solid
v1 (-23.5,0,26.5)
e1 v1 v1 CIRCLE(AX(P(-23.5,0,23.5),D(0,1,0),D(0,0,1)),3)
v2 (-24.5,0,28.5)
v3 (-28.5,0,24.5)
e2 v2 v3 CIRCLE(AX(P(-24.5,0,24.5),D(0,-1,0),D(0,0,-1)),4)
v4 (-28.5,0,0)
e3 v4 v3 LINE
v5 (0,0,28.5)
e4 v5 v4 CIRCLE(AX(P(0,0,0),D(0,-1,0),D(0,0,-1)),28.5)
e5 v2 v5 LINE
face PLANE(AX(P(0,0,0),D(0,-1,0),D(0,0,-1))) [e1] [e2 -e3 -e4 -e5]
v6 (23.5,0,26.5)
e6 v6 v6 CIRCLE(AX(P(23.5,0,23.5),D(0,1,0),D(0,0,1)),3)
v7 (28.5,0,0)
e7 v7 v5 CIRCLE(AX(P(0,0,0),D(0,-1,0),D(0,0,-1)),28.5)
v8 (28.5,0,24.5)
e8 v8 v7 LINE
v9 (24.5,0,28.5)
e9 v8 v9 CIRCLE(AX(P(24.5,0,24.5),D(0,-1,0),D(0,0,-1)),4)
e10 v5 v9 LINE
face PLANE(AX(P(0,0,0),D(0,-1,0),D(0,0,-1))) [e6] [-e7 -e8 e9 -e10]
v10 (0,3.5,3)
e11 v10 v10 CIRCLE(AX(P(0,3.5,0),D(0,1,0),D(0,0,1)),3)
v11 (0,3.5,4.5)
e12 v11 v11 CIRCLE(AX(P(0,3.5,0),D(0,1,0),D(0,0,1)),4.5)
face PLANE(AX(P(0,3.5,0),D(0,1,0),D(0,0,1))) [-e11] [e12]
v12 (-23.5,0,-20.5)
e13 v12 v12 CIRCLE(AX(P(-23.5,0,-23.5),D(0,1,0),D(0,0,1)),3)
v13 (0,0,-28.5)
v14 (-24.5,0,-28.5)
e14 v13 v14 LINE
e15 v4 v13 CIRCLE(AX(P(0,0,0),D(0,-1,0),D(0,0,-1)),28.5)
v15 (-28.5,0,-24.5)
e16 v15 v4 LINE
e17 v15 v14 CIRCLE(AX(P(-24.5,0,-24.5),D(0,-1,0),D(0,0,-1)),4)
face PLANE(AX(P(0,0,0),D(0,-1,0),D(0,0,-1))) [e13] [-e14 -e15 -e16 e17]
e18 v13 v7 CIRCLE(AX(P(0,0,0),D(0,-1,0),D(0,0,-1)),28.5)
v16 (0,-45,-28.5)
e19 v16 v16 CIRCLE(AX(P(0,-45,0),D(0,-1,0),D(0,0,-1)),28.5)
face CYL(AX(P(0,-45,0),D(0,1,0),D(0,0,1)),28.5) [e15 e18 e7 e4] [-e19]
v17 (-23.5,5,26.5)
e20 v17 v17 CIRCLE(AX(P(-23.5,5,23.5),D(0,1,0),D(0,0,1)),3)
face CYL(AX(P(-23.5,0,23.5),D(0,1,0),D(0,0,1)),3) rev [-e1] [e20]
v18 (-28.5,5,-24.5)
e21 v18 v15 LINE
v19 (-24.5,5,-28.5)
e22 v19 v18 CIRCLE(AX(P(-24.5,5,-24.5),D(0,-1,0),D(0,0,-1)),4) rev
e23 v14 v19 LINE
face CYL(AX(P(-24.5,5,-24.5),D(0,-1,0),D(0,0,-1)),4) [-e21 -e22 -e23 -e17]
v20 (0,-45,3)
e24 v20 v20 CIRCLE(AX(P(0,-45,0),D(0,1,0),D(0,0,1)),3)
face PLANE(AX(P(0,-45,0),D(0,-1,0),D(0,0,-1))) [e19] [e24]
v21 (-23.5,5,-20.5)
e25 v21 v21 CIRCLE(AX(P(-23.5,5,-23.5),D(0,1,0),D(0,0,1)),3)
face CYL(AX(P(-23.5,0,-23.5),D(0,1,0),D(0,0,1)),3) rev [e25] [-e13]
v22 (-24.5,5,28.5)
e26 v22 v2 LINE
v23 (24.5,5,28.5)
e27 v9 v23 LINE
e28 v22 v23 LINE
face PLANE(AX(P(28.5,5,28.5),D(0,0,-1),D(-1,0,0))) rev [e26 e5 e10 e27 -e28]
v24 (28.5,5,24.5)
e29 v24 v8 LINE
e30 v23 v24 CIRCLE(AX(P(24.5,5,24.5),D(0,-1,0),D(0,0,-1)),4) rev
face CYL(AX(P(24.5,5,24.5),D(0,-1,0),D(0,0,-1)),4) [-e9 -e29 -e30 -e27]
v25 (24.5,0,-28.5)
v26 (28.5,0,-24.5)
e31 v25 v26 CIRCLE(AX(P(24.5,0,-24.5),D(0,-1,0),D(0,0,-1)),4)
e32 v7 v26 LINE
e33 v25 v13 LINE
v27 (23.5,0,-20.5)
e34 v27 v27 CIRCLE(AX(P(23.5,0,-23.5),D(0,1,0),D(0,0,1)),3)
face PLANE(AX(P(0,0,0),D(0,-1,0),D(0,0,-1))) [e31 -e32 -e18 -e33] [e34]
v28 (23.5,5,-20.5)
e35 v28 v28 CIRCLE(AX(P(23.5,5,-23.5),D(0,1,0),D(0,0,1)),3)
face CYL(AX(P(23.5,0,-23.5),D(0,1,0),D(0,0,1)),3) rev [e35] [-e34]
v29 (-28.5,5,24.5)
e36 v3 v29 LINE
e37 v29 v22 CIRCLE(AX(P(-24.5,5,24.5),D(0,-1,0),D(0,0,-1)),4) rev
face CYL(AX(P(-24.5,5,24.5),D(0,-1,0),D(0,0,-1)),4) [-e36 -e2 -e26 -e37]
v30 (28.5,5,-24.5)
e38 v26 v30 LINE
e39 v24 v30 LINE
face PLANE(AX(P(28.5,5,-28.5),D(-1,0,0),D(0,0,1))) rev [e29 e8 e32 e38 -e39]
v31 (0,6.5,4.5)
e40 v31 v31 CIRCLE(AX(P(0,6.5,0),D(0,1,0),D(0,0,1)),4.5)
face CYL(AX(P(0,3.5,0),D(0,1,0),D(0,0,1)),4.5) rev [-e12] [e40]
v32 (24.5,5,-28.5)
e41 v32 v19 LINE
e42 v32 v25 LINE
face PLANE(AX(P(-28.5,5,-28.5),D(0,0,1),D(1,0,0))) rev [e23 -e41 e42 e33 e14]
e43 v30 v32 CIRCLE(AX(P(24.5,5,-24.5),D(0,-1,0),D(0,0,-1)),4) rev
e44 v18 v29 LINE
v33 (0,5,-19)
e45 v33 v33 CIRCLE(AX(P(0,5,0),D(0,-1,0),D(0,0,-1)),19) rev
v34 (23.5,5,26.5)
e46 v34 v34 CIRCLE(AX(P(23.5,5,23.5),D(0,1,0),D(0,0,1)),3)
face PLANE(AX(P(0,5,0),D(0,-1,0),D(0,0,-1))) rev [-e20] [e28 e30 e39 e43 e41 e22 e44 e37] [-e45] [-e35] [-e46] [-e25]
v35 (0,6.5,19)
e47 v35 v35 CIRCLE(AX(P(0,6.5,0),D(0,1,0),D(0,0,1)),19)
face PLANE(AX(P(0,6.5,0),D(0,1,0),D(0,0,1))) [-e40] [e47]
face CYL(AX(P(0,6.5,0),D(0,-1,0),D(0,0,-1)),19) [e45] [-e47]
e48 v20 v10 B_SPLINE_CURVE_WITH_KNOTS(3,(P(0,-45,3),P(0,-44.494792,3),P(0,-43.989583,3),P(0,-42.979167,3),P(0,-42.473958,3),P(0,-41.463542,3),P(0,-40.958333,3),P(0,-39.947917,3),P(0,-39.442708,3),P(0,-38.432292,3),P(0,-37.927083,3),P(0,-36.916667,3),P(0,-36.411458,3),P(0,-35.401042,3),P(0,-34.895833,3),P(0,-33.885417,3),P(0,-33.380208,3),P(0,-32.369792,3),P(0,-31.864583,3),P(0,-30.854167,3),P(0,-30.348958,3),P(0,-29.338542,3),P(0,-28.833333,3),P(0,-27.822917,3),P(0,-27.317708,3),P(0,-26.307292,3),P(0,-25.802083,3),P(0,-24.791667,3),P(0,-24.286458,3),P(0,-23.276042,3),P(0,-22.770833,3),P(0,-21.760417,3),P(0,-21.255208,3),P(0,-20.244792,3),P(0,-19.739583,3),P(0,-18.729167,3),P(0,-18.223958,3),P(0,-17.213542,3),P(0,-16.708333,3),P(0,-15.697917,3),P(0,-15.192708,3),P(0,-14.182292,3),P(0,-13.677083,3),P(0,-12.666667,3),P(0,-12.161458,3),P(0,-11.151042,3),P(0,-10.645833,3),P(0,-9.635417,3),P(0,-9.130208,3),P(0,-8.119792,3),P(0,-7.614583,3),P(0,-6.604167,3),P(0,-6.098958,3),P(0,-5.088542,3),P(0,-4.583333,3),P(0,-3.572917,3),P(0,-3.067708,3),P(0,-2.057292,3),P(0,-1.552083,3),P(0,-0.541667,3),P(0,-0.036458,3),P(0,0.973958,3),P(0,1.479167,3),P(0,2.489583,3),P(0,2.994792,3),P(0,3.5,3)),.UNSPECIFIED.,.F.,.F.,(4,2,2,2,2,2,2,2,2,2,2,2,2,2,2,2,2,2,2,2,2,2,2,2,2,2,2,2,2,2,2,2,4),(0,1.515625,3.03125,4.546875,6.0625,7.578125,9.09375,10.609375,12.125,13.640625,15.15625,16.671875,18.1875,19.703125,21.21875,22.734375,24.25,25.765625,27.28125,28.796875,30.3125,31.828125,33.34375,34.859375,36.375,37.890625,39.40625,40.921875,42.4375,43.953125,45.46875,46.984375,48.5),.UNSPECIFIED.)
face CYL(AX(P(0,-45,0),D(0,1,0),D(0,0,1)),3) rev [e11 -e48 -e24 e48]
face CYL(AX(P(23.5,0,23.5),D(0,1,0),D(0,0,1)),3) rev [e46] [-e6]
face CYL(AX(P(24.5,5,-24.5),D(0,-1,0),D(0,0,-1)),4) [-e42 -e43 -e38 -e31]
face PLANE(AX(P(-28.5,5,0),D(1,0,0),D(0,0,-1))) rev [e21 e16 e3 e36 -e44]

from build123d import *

# Parameters (mm, degrees)
BOSS_EXTRUDE1_DEPTH = 5
FILLET1_R           = 4
SKETCH2_R           = 3
CUT_EXTRUDE1_DEPTH  = 41.614036982
SKETCH3_R           = 28.5
BOSS_EXTRUDE2_DEPTH = 45
SKETCH4_R           = 19
BOSS_EXTRUDE3_DEPTH = 1.5
SKETCH5_R           = 4.5
CUT_EXTRUDE2_DEPTH  = 3
SKETCH6_R           = 3
CUT_EXTRUDE3_DEPTH  = 64.06147794


with BuildPart() as part:
    # Sketch1 → Boss-Extrude1 (new body)
    with BuildSketch(Plane(origin=(0, 0, 0), x_dir=(1, 0, 0), z_dir=(0, 1, 0))):
        Polygon((-28.5, 0), (-28.5, 28.5), (28.5, 28.5), (28.5, -28.5), (-28.5, -28.5), align=None)
    extrude(amount=BOSS_EXTRUDE1_DEPTH)

    # Fillet1
    fillet1_edges = [part.edges().sort_by_distance(p)[0] for p in [
        (-28.5, 2.5, -28.5),
        (28.5, 2.5, -28.5),
        (28.5, 2.5, 28.5),
        (-28.5, 2.5, 28.5),
    ]]
    fillet(fillet1_edges, radius=FILLET1_R)

    # Sketch2 → Cut-Extrude1 (cut, through all)
    with BuildSketch(Plane(origin=(0, 5, 0), x_dir=(1, 0, 0), z_dir=(0, 1, 0))):
        with Locations(Location((-23.5, 23.5, 0), (0, 0, 270))):
            Circle(SKETCH2_R)
        with Locations(Location((23.5, 23.5, 0), (0, 0, 270))):
            Circle(SKETCH2_R)
        with Locations(Location((23.5, -23.5, 0), (0, 0, 270))):
            Circle(SKETCH2_R)
        with Locations(Location((-23.5, -23.5, 0), (0, 0, 270))):
            Circle(SKETCH2_R)
    extrude(amount=-CUT_EXTRUDE1_DEPTH, mode=Mode.SUBTRACT)

    # Sketch3 → Boss-Extrude2 (add)
    with BuildSketch(Plane.XZ):
        with Locations(Location((0, 0, 0), (0, 0, 270))):
            Circle(SKETCH3_R)
    extrude(amount=BOSS_EXTRUDE2_DEPTH)

    # Sketch4 → Boss-Extrude3 (add)
    with BuildSketch(Plane(origin=(0, 5, 0), x_dir=(1, 0, 0), z_dir=(0, 1, 0))):
        with Locations(Location((0, 0, 0), (0, 0, 90))):
            Circle(SKETCH4_R)
    extrude(amount=BOSS_EXTRUDE3_DEPTH)

    # Sketch5 → Cut-Extrude2 (cut)
    with BuildSketch(Plane(origin=(0, 6.5, 0), x_dir=(1, 0, 0), z_dir=(0, 1, 0))):
        with Locations(Location((0, 0, 0), (0, 0, 270))):
            Circle(SKETCH5_R)
    extrude(amount=-CUT_EXTRUDE2_DEPTH, mode=Mode.SUBTRACT)

    # Sketch6 → Cut-Extrude3 (cut, through all)
    with BuildSketch(Plane(origin=(0, 3.5, 0), x_dir=(1, 0, 0), z_dir=(0, 1, 0))):
        with Locations(Location((0, 0, 0), (0, 0, 270))):
            Circle(SKETCH6_R)
    extrude(amount=-CUT_EXTRUDE3_DEPTH, mode=Mode.SUBTRACT)


solid = part.part
